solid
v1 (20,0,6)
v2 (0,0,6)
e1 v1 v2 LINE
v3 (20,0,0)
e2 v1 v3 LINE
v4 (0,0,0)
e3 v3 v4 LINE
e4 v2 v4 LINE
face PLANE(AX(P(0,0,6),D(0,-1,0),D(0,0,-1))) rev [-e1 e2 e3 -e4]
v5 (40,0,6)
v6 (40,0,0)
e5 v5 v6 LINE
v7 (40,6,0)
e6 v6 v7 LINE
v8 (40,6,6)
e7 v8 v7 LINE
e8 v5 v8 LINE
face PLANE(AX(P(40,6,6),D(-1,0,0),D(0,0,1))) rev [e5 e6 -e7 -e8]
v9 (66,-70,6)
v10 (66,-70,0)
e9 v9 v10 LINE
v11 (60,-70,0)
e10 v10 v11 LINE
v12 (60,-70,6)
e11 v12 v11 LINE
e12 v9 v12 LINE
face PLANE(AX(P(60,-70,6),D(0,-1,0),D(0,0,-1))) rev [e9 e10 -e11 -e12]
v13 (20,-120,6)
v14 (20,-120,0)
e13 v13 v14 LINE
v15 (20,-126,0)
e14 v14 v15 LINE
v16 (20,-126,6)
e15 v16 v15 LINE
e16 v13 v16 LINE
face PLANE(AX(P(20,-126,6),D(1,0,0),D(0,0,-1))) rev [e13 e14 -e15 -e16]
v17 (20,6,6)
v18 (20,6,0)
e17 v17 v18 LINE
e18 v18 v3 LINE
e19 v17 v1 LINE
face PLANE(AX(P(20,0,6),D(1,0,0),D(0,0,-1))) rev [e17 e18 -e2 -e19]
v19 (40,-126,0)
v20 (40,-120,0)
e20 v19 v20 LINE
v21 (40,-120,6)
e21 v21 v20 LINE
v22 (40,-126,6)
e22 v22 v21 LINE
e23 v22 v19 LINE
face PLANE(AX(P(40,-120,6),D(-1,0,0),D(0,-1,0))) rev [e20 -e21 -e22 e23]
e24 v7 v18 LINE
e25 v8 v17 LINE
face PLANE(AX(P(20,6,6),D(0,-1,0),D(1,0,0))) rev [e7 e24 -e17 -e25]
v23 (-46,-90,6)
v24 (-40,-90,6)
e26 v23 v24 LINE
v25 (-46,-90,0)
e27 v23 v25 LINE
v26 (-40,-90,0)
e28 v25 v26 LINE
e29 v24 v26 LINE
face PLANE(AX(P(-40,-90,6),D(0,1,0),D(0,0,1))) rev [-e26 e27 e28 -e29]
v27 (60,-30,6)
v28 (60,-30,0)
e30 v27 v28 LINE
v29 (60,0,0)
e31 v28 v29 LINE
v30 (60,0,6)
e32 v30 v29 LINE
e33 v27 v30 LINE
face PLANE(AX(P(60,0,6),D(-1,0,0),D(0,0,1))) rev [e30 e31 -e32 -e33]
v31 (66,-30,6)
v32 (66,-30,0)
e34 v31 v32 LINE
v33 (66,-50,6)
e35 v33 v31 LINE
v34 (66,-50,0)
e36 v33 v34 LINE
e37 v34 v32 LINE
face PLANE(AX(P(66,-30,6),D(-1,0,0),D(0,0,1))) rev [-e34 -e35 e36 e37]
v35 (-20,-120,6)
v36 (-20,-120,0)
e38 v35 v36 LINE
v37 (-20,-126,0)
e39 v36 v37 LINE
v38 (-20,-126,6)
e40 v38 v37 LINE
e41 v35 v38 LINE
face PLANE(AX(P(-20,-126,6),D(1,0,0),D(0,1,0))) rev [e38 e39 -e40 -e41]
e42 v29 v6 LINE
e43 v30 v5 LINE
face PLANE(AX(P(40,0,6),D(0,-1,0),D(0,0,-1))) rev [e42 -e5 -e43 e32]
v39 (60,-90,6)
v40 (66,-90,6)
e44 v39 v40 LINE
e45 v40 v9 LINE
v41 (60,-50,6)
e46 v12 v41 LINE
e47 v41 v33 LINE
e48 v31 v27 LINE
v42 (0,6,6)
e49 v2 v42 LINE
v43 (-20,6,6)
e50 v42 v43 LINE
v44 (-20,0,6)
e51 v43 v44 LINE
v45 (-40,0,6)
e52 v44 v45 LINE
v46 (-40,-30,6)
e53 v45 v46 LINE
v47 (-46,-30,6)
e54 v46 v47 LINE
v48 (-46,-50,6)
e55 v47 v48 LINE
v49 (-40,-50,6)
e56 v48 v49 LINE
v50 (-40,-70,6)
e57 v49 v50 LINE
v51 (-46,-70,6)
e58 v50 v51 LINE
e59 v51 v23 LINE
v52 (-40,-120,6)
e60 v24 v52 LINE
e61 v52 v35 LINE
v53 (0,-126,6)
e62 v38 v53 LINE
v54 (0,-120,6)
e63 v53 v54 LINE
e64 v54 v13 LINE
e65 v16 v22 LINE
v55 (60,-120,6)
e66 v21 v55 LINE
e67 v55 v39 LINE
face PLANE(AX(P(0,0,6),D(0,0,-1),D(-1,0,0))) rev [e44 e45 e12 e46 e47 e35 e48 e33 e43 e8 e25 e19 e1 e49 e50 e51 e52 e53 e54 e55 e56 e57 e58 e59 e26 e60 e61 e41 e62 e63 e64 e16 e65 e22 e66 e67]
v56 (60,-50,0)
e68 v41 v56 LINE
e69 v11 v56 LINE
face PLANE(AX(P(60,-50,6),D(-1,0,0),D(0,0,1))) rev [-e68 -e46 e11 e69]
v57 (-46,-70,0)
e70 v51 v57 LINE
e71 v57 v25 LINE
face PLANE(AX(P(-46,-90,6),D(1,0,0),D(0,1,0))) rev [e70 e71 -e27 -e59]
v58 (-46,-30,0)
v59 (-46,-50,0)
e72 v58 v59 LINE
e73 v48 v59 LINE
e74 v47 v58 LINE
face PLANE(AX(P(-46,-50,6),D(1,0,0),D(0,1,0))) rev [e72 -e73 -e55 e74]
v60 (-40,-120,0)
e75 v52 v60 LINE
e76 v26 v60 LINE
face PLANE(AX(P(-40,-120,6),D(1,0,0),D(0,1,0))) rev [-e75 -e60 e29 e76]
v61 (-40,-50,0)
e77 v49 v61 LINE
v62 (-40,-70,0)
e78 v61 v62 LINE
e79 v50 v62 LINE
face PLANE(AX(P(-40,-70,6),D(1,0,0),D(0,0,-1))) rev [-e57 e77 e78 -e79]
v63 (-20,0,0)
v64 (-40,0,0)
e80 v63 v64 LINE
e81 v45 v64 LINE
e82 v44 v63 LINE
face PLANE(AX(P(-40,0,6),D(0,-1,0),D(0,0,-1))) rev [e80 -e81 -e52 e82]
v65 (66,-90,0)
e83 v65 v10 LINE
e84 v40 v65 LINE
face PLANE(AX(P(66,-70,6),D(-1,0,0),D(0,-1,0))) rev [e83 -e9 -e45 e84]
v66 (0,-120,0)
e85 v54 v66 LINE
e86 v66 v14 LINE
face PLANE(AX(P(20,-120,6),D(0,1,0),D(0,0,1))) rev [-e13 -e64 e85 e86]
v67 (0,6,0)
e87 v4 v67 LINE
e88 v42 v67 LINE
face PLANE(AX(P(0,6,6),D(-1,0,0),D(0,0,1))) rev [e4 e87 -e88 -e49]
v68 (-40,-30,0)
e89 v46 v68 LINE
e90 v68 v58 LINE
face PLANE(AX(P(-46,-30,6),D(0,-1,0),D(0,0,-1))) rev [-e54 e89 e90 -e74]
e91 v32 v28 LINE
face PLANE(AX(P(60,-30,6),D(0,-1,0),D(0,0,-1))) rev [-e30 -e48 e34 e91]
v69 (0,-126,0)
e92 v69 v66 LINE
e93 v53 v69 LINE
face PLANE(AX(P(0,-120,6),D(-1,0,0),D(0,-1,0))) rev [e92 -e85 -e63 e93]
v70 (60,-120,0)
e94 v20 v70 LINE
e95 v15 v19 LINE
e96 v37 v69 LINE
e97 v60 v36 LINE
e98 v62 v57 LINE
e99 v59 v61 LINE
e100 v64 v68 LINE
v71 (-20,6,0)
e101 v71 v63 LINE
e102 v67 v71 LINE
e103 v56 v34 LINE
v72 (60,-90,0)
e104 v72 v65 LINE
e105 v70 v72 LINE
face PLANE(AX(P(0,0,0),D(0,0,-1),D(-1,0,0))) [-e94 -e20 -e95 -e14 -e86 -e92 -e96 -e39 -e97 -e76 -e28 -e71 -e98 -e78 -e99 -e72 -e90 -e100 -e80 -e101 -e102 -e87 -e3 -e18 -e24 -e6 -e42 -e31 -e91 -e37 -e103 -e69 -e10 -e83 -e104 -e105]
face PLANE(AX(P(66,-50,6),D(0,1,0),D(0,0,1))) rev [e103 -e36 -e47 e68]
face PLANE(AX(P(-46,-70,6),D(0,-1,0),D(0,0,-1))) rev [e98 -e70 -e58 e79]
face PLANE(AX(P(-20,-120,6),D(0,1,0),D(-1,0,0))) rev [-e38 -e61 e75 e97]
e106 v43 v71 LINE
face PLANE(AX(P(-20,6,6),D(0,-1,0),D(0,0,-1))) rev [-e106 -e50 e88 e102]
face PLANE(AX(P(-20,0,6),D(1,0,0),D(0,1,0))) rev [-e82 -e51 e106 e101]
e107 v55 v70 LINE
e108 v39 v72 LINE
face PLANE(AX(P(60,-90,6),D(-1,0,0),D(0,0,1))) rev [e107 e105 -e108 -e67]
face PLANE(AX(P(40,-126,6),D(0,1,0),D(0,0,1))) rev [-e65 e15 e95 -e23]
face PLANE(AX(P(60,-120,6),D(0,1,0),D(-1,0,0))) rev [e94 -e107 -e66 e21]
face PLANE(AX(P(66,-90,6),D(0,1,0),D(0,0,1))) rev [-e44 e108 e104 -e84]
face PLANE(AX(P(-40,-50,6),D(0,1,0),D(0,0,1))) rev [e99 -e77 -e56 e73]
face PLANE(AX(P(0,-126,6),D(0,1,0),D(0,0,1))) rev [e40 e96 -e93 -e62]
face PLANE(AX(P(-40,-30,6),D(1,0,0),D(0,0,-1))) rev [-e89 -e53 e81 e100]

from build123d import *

# Parameters (mm, degrees)
RESSALTO_EXTRUS_O1_DEPTH = 6


with BuildPart() as part:
    # Esboço1 → Ressalto-extrusão1 (new body)
    with BuildSketch(Plane.XY):
        Polygon((-40, 0), (-20, 0), (-20, 6), (0, 6), (0, 0), (20, 0), (20, 6), (40, 6), (40, 0), (60, 0), (60, -30), (66, -30), (66, -50), (60, -50), (60, -70), (66, -70), (66, -90), (60, -90), (60, -120), (40, -120), (40, -126), (20, -126), (20, -120), (0, -120), (0, -126), (-20, -126), (-20, -120), (-40, -120), (-40, -90), (-46, -90), (-46, -70), (-40, -70), (-40, -50), (-46, -50), (-46, -30), (-40, -30), align=None)
    extrude(amount=RESSALTO_EXTRUS_O1_DEPTH)


solid = part.part
